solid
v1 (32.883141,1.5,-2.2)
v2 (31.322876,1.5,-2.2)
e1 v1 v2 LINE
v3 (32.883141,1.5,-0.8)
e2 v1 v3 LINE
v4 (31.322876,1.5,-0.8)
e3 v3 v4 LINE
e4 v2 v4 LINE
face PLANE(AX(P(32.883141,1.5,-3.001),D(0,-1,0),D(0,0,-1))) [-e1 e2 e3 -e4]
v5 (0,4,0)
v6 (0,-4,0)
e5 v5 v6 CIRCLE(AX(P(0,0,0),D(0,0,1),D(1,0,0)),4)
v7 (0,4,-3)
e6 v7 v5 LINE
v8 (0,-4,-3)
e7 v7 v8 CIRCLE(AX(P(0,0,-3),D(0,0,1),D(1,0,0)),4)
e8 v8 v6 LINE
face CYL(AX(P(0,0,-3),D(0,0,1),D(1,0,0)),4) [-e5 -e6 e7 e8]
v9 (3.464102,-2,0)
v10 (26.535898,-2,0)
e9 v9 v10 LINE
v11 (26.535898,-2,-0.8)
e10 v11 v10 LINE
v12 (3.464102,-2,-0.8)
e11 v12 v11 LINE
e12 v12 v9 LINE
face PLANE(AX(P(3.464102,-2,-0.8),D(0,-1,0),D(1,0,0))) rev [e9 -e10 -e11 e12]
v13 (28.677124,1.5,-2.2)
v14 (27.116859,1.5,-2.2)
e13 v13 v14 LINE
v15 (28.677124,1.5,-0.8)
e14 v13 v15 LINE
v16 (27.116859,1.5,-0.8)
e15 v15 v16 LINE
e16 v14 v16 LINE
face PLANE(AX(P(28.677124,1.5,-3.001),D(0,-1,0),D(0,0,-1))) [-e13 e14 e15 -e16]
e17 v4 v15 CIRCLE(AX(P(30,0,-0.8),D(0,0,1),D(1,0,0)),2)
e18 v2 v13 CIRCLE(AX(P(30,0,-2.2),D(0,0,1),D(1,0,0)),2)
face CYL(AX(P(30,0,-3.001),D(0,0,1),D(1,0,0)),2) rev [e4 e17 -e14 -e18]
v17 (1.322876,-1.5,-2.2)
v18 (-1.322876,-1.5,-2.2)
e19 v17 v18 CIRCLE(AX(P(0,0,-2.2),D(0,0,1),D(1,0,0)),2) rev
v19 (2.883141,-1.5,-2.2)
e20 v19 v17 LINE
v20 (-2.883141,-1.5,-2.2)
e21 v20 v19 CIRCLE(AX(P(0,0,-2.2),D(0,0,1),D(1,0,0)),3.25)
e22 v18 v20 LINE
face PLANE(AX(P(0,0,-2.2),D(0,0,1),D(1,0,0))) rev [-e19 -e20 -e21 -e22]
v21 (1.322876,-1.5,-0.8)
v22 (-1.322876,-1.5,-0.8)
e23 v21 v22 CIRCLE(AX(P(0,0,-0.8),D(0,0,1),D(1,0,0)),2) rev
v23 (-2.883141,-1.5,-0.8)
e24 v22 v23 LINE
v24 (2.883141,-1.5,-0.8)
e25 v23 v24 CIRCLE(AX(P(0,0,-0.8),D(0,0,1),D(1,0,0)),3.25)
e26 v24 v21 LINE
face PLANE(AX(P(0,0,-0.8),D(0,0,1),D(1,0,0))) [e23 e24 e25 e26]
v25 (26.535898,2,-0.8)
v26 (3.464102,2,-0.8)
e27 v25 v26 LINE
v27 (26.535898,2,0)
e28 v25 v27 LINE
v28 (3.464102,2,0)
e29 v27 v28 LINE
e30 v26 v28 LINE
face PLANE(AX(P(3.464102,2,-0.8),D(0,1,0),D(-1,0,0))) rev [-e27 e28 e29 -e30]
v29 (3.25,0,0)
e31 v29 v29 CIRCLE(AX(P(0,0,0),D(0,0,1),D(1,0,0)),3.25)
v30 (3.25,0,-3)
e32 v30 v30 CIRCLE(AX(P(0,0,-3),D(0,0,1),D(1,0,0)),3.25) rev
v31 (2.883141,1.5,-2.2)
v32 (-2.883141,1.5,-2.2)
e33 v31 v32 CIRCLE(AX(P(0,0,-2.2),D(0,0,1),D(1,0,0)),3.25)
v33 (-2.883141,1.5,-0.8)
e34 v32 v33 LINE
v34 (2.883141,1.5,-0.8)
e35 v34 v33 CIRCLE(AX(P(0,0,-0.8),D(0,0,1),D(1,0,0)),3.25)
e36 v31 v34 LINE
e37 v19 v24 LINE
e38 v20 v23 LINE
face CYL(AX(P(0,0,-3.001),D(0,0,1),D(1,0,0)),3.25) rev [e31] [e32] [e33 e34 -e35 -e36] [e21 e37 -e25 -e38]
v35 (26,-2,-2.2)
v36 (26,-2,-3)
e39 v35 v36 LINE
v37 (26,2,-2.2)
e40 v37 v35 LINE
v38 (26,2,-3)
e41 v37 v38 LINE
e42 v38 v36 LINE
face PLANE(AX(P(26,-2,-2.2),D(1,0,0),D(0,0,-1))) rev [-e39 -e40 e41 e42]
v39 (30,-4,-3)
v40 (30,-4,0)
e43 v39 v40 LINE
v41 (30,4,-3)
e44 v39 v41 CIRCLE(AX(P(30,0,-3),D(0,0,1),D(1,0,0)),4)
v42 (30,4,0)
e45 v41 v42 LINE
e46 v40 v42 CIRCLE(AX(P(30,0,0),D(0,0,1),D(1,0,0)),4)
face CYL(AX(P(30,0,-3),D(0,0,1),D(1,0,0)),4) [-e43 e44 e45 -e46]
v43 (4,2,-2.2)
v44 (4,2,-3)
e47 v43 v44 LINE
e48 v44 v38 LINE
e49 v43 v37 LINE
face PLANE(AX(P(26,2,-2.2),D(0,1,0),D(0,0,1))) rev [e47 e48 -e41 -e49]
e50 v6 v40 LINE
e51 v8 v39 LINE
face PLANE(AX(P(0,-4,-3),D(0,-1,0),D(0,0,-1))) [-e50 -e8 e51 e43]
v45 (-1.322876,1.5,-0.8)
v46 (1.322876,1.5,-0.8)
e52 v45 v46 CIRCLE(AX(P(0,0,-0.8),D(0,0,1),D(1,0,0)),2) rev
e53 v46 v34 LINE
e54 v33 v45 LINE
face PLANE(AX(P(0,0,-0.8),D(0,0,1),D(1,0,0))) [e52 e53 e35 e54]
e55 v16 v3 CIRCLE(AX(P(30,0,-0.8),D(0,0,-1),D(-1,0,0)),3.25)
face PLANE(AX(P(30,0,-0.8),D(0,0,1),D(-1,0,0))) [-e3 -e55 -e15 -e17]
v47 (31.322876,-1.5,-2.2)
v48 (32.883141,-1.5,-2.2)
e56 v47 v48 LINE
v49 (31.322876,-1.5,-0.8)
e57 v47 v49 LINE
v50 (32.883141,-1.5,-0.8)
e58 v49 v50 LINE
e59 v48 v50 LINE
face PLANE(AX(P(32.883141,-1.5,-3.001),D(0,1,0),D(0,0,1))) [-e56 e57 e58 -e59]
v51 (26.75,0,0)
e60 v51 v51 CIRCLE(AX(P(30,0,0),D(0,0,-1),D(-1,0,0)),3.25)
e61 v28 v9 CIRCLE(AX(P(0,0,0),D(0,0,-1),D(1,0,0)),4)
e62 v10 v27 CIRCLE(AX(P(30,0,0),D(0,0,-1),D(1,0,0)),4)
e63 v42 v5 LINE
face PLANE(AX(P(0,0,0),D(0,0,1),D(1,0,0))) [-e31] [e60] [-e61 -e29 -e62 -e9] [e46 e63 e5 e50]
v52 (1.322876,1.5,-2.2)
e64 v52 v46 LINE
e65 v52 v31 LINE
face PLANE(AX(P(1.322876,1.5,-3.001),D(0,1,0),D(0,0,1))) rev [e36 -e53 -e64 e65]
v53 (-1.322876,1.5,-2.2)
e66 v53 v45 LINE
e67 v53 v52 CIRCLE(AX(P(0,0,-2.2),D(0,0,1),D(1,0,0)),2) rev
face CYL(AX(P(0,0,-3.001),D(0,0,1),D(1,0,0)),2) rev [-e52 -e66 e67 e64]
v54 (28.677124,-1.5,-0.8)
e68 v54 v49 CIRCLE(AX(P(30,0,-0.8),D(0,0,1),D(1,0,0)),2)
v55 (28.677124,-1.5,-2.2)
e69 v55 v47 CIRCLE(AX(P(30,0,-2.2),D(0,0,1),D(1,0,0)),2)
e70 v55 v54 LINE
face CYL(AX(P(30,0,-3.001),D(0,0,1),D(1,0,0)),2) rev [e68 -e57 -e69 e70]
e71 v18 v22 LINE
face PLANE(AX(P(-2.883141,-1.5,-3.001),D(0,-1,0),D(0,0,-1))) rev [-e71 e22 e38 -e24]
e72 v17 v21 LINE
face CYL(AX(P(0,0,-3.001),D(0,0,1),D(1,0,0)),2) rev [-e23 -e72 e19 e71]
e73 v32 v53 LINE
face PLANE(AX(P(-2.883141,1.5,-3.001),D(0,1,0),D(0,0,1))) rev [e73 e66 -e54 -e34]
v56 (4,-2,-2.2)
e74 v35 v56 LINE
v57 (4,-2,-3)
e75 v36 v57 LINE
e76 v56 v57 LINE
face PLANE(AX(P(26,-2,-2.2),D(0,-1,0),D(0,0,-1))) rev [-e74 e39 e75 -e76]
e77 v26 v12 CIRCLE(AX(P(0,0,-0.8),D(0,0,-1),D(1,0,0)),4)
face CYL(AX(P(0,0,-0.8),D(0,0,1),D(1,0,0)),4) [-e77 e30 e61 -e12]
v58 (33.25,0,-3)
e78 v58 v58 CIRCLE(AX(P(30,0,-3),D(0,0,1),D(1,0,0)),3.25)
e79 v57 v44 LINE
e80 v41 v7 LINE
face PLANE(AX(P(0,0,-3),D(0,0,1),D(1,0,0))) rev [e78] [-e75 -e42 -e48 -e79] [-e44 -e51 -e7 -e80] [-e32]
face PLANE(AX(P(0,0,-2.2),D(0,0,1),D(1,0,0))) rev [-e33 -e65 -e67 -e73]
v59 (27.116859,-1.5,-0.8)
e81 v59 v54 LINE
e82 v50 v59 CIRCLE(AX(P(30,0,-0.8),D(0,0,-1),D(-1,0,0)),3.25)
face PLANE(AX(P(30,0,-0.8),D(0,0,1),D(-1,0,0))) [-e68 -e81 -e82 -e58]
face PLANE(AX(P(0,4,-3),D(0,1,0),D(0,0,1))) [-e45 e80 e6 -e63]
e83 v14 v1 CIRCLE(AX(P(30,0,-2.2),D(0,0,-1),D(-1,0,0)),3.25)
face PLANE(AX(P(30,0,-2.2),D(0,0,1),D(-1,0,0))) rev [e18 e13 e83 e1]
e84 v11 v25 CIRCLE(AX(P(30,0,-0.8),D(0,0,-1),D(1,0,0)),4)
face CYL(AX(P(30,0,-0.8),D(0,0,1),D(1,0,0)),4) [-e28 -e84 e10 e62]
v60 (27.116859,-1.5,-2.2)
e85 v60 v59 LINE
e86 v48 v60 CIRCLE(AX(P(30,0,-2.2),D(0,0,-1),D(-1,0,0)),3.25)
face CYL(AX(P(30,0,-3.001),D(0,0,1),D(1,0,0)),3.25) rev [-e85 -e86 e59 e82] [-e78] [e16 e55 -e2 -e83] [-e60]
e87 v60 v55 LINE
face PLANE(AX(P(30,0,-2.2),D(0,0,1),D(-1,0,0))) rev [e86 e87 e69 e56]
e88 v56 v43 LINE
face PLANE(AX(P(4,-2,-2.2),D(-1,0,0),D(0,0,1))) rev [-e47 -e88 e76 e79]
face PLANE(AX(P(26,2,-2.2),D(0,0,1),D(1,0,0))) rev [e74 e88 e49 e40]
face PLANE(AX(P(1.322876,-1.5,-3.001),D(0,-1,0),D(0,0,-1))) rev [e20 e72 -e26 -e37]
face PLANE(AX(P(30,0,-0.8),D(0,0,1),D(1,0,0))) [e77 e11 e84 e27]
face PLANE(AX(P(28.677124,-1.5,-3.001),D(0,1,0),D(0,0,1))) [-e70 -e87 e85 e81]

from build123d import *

# Parameters (mm, degrees)
EXTRUDE_1_DEPTH     = 3
CUT_EXTRUDE_1_REACH = 36.366
SKETCH_3_R          = 3.25
CUT_EXTRUDE_2_DEPTH = 0.8
CUT_EXTRUDE_START   = -2.2
SKETCH_3_2_R        = 3.25
CUT_EXTRUDE_3_DEPTH = 0.8
CUT_EXTRUDE_4_DEPTH = 0.8
SKETCH_5_W          = 22
SKETCH_5_H          = 4
CUT_EXTRUDE_5_DEPTH = 0.8


with BuildPart() as part:
    # 草图1 → 凸台-拉伸1 (new body)
    with BuildSketch(Plane.XY):
        with BuildLine():
            Line((0, 4), (30, 4))
            ThreePointArc((30, 4), (34, 0), (30, -4))
            Line((30, -4), (0, -4))
            ThreePointArc((0, -4), (-4, 0), (0, 4))
        make_face()
    extrude(amount=-EXTRUDE_1_DEPTH)

    # 草图2 → 切除-拉伸1 (cut, up to next)
    with BuildSketch(Plane.XY, mode=Mode.PRIVATE) as cut_extrude_1_sk1:
        with BuildLine():
            Line((1.322875656, -1.5), (2.883140649, -1.5))
            ThreePointArc((2.883140649, -1.5), (3.25, 0), (2.883140649, 1.5))
            Line((2.883140649, 1.5), (1.322875656, 1.5))
            ThreePointArc((1.322875656, 1.5), (0, 2), (-1.322875656, 1.5))
            Line((-1.322875656, 1.5), (-2.883140649, 1.5))
            ThreePointArc((-2.883140649, 1.5), (-3.25, 0), (-2.883140649, -1.5))
            Line((-2.883140649, -1.5), (-1.322875656, -1.5))
            ThreePointArc((-1.322875656, -1.5), (0, -2), (1.322875656, -1.5))
        make_face()
    cut_extrude_1_tool1 = extrude(cut_extrude_1_sk1.sketch, amount=-CUT_EXTRUDE_1_REACH, mode=Mode.PRIVATE) & part.part
    cut_extrude_1 = cut_extrude_1_tool1.solids().sort_by_distance((0, 0, 0))[0]
    add(cut_extrude_1, mode=Mode.SUBTRACT)

    # 草图3 → 切除-拉伸2 (cut)
    with BuildSketch(Plane.XY):
        Circle(SKETCH_3_R)
    cut_extrude_2 = extrude(amount=-CUT_EXTRUDE_2_DEPTH, mode=Mode.SUBTRACT)

    # 草图3<2> → 切除-拉伸3 (cut)
    with BuildSketch(Plane.XY.offset(CUT_EXTRUDE_START)):
        Circle(SKETCH_3_2_R)
    cut_extrude_3 = extrude(amount=-CUT_EXTRUDE_3_DEPTH, mode=Mode.SUBTRACT)

    # 镜向1: 切除-拉伸1, 切除-拉伸2, 切除-拉伸3 across plane
    add(cut_extrude_1.mirror(Plane(origin=(15, 0, 0), x_dir=(0, 0, 1), z_dir=(1, 0, 0))), mode=Mode.SUBTRACT)
    add(cut_extrude_2.mirror(Plane(origin=(15, 0, 0), x_dir=(0, 0, 1), z_dir=(1, 0, 0))), mode=Mode.SUBTRACT)
    add(cut_extrude_3.mirror(Plane(origin=(15, 0, 0), x_dir=(0, 0, 1), z_dir=(1, 0, 0))), mode=Mode.SUBTRACT)

    # 草图4 → 切除-拉伸4 (cut)
    with BuildSketch(Plane.XY):
        with BuildLine():
            Line((3.464101615, 2), (26.535898385, 2))
            ThreePointArc((26.535898385, 2), (26, 0), (26.535898385, -2))
            Line((26.535898385, -2), (3.464101615, -2))
            ThreePointArc((3.464101615, -2), (4, 0), (3.464101615, 2))
        make_face()
    extrude(amount=-CUT_EXTRUDE_4_DEPTH, mode=Mode.SUBTRACT)

    # 草图5 → 切除-拉伸5 (cut)
    with BuildSketch(Plane(origin=(0, 0, -3), x_dir=(-1, 0, 0), z_dir=(0, 0, -1))):
        with Locations((-15, 0)):
            Rectangle(SKETCH_5_W, SKETCH_5_H)
    extrude(amount=-CUT_EXTRUDE_5_DEPTH, mode=Mode.SUBTRACT)


solid = part.part
